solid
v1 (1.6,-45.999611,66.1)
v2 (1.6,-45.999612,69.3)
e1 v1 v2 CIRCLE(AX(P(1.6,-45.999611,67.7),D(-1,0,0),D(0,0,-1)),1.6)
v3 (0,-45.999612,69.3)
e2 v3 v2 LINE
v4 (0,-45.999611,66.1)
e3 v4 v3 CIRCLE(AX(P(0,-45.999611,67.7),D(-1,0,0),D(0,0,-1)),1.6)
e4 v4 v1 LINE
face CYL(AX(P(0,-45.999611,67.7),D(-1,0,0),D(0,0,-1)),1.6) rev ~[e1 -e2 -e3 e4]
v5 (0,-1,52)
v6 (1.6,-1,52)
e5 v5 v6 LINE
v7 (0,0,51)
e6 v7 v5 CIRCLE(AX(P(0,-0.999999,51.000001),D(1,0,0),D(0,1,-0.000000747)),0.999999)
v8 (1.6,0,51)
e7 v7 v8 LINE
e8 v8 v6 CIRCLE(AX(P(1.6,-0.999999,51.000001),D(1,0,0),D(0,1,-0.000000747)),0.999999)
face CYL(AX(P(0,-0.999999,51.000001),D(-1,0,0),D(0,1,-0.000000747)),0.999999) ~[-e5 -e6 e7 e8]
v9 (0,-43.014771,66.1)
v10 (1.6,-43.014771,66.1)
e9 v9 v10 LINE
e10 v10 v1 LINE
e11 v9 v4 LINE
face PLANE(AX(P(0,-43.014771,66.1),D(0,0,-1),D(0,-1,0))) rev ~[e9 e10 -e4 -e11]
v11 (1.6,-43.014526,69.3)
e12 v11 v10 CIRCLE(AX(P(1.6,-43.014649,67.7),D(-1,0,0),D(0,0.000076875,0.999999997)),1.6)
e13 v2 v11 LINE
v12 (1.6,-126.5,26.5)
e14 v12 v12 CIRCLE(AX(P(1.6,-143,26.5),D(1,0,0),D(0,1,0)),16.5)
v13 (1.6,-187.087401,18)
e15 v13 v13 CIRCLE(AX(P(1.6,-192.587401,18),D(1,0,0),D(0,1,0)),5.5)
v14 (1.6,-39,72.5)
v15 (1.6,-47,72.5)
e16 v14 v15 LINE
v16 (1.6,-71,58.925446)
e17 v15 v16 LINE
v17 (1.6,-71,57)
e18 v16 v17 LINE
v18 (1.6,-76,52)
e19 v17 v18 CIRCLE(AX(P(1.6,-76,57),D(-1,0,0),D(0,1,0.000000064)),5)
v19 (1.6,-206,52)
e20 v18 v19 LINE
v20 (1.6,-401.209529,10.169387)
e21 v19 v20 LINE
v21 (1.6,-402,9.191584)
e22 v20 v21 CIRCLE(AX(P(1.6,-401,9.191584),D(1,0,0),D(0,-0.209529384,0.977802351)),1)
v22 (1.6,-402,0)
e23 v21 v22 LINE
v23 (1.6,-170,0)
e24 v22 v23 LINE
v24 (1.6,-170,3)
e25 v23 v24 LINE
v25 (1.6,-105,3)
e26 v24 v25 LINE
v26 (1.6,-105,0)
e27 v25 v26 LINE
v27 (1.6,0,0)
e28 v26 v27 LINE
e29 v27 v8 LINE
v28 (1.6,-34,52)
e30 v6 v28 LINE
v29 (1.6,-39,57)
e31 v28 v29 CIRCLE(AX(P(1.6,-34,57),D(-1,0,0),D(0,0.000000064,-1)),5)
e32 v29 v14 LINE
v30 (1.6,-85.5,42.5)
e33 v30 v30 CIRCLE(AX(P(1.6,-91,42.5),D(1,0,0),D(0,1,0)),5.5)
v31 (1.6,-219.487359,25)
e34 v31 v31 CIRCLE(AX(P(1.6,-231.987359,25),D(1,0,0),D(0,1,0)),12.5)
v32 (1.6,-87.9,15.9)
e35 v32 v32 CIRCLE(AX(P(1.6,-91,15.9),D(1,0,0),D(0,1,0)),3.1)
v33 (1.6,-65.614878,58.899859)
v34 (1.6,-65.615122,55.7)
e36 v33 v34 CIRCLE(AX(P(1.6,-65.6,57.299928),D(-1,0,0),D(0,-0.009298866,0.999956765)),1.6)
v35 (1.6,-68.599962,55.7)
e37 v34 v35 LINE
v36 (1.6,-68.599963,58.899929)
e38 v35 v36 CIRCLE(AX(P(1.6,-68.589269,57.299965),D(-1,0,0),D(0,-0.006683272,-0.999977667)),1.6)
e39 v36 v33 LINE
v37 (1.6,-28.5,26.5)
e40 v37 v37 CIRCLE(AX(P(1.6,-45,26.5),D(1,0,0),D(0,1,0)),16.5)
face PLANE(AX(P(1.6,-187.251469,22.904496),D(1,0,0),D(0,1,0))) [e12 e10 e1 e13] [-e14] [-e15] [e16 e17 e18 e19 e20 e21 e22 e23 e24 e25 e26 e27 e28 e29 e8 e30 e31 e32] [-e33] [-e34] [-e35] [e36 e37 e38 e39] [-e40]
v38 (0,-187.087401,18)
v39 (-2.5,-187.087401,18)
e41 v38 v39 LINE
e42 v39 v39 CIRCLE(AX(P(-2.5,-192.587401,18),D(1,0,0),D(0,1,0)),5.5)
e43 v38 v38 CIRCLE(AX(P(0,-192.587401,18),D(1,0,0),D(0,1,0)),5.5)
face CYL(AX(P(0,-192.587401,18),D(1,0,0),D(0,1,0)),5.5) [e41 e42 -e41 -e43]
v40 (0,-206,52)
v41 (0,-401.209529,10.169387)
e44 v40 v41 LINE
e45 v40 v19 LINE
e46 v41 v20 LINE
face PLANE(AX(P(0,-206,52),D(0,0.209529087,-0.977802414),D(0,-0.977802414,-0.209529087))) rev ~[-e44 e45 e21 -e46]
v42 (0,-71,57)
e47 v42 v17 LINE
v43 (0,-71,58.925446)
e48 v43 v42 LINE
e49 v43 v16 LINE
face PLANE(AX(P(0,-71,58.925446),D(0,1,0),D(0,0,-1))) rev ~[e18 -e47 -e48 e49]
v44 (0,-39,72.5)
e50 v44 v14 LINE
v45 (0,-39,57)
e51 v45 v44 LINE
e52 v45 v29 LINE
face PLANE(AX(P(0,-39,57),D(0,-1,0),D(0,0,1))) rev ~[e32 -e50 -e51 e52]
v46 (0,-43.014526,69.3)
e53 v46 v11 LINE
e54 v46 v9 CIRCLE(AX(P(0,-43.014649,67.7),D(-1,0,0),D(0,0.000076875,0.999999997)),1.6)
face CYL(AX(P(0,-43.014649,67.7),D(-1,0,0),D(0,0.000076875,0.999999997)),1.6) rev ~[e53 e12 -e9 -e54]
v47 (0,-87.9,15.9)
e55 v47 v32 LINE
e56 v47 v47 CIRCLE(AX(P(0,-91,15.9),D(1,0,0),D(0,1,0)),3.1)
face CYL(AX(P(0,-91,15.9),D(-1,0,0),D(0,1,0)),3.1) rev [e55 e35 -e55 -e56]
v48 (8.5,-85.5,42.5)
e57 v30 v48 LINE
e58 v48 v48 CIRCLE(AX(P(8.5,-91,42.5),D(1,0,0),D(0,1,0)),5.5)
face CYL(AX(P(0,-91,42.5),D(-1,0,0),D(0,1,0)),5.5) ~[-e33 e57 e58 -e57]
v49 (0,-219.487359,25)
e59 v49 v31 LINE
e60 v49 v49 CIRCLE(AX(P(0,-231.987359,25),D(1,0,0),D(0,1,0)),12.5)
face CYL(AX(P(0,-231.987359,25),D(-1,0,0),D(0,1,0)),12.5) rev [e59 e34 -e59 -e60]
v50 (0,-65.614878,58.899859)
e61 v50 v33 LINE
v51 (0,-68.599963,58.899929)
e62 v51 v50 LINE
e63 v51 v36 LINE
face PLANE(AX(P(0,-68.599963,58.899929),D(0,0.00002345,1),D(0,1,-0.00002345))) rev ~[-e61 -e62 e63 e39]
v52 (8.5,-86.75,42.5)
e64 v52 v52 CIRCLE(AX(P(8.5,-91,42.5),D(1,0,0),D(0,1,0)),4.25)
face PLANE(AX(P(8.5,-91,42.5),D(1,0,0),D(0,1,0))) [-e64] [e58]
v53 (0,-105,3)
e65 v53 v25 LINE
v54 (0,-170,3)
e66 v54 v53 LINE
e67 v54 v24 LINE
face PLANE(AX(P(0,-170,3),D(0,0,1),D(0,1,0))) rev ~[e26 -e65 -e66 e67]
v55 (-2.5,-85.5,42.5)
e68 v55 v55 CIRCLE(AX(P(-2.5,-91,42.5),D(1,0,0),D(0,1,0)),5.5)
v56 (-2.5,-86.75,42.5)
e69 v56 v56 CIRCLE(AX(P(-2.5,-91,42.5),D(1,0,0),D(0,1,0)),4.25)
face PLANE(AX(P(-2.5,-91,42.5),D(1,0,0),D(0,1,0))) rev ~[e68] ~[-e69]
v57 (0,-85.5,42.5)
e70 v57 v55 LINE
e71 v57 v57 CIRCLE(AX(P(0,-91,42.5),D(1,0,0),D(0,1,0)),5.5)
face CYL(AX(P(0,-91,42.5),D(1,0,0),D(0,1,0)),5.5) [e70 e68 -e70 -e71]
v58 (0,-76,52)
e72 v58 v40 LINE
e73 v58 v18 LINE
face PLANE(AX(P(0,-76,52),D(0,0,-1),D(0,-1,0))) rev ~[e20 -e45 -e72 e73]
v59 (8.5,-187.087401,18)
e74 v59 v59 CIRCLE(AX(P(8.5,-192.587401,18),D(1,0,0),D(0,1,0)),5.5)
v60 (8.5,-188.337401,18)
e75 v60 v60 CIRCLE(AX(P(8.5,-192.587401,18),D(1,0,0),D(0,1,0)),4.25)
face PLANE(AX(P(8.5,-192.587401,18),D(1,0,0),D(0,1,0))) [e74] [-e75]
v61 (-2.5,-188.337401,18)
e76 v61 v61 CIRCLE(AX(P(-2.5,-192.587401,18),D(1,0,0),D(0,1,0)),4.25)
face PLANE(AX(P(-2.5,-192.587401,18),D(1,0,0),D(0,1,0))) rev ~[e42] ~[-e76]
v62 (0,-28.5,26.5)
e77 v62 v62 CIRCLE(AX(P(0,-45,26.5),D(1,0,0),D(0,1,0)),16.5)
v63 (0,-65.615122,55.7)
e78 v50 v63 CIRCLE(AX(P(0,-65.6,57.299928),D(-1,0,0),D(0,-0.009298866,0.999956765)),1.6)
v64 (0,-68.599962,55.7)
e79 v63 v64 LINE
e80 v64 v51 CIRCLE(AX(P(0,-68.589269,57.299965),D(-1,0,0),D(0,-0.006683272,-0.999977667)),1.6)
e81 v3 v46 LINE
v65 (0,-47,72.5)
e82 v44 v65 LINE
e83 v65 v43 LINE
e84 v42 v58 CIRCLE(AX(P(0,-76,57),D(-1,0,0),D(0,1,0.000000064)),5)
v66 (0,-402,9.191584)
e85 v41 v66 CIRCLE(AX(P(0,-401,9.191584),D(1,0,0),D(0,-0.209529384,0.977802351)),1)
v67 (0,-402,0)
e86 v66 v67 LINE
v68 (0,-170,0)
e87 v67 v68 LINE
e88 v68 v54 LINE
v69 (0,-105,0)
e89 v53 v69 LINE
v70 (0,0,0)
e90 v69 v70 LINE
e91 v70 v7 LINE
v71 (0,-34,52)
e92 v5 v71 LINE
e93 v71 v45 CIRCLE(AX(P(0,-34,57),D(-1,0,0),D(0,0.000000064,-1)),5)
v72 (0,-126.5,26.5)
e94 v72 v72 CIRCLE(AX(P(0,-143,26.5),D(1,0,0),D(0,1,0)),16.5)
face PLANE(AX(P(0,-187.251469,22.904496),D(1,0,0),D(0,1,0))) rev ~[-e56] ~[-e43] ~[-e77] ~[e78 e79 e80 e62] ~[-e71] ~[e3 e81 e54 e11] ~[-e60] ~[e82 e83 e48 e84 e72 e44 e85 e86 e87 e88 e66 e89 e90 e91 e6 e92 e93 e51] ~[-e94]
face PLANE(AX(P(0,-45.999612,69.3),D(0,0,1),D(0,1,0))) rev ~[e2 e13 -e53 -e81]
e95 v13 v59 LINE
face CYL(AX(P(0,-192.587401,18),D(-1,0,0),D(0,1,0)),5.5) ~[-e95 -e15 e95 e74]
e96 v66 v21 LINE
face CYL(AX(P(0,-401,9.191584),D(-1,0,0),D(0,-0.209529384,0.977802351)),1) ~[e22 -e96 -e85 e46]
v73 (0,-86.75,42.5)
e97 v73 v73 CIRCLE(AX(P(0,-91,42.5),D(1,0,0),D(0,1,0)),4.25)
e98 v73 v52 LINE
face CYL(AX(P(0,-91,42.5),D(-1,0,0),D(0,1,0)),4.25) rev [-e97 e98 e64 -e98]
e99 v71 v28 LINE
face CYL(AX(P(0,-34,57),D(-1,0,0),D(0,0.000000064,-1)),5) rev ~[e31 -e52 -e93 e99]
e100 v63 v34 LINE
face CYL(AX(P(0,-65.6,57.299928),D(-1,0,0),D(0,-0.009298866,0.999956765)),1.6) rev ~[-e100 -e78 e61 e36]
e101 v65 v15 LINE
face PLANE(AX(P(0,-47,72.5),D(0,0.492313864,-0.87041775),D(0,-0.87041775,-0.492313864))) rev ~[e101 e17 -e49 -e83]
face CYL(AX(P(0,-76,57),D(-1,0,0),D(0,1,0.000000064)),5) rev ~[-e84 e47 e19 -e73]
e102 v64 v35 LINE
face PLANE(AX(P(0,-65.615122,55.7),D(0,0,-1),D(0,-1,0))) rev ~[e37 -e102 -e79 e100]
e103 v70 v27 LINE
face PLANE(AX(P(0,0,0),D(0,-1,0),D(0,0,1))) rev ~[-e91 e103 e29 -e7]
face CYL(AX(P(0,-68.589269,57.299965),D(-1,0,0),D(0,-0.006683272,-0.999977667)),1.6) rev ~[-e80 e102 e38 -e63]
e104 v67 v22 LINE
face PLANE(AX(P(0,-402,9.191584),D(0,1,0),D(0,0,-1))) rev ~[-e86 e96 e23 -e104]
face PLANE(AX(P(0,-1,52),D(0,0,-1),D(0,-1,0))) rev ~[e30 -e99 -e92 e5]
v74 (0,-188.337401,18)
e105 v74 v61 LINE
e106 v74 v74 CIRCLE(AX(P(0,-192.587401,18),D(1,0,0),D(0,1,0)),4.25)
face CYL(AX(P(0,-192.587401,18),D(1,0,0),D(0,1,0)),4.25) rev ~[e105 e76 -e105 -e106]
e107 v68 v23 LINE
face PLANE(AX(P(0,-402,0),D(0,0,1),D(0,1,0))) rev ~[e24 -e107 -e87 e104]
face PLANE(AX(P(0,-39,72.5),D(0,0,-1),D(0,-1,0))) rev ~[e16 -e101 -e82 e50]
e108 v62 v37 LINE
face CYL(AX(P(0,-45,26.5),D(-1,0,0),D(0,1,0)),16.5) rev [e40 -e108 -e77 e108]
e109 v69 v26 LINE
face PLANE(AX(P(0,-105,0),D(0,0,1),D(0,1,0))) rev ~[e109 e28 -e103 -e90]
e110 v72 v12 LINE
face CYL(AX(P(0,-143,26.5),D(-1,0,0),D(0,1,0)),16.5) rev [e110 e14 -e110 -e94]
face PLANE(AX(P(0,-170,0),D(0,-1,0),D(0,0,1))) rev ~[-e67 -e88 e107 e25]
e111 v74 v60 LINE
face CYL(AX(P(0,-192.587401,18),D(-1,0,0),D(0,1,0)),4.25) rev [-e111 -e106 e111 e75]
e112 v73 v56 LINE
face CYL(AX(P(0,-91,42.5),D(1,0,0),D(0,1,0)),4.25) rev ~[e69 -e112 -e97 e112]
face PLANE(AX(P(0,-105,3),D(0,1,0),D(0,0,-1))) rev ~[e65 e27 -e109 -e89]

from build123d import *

# Parameters (mm, degrees)
F0_R          = 12.5
F0_R_2        = 5.5
F0_R_3        = 3.1
F0_R_4        = 16.5
F1_DEPTH      = 1.6
F0_R_5        = 4.25
F2_DEPTH      = 8.5
F2_DEPTH_BACK = 2.5


with BuildPart() as f1:
    # F0 (on Right) → F1 (new body)
    with BuildSketch(Plane.YZ):
        with BuildLine():
            Line((-105, 0), (0, 0))
            Line((0, 0), (0, 51))
            ThreePointArc((0, 51), (-0.292893, 51.707107), (-1, 52))
            Line((-1, 52), (-34, 52))
            ThreePointArc((-34, 52), (-37.535534, 53.464466), (-39, 57))
            Line((-39, 57), (-39, 72.5))
            Line((-39, 72.5), (-47, 72.5))
            Line((-47, 72.5), (-71, 58.925446))
            Line((-71, 58.925446), (-71, 57))
            ThreePointArc((-71, 57), (-72.464466, 53.464466), (-76, 52))
            Line((-76, 52), (-206, 52))
            Line((-206, 52), (-401.209529, 10.169387))
            ThreePointArc((-401.209529, 10.169387), (-401.777666, 9.820262), (-402, 9.191584))
            Line((-402, 9.191584), (-402, 0))
            Line((-402, 0), (-170, 0))
            Line((-170, 0), (-170, 3))
            Line((-170, 3), (-105, 3))
            Line((-105, 3), (-105, 0))
        make_face()
        with Locations((-231.987359, 25)):
            Circle(F0_R, mode=Mode.SUBTRACT)
        with Locations((-192.587401, 18)):
            Circle(F0_R_2, mode=Mode.SUBTRACT)
        with Locations((-91, 15.9)):
            Circle(F0_R_3, mode=Mode.SUBTRACT)
        with Locations((-143, 26.5)):
            Circle(F0_R_4, mode=Mode.SUBTRACT)
        with Locations((-45, 26.5)):
            Circle(F0_R_4, mode=Mode.SUBTRACT)
        with Locations((-91, 42.5)):
            Circle(F0_R_2, mode=Mode.SUBTRACT)
        with BuildLine():
            Line((-68.599963, 58.899929), (-65.614878, 58.899859))
            ThreePointArc((-65.614878, 58.899859), (-64, 57.299806), (-65.615122, 55.7))
            Line((-65.615122, 55.7), (-68.599962, 55.7))
            ThreePointArc((-68.599962, 55.7), (-70.189269, 57.299964), (-68.599963, 58.899929))
        make_face(mode=Mode.SUBTRACT)
        with BuildLine():
            Line((-45.999612, 69.3), (-43.014526, 69.3))
            ThreePointArc((-43.014526, 69.3), (-41.414649, 67.699878), (-43.014771, 66.1))
            Line((-43.014771, 66.1), (-45.999611, 66.1))
            ThreePointArc((-45.999611, 66.1), (-47.599611, 67.699999), (-45.999612, 69.3))
        make_face(mode=Mode.SUBTRACT)
    extrude(amount=F1_DEPTH)

    # F0 (on Right) → F2 (join, two sides)
    with BuildSketch(Plane.YZ) as f2_sk:
        with Locations((-91, 42.5)):
            Circle(F0_R_2)
        with Locations((-91, 42.5)):
            Circle(F0_R_5, mode=Mode.SUBTRACT)
        with Locations((-192.587401, 18)):
            Circle(F0_R_2)
        with Locations((-192.587401, 18)):
            Circle(F0_R_5, mode=Mode.SUBTRACT)
    extrude(amount=F2_DEPTH)
    extrude(f2_sk.sketch, amount=-F2_DEPTH_BACK)


solid = f1.part
